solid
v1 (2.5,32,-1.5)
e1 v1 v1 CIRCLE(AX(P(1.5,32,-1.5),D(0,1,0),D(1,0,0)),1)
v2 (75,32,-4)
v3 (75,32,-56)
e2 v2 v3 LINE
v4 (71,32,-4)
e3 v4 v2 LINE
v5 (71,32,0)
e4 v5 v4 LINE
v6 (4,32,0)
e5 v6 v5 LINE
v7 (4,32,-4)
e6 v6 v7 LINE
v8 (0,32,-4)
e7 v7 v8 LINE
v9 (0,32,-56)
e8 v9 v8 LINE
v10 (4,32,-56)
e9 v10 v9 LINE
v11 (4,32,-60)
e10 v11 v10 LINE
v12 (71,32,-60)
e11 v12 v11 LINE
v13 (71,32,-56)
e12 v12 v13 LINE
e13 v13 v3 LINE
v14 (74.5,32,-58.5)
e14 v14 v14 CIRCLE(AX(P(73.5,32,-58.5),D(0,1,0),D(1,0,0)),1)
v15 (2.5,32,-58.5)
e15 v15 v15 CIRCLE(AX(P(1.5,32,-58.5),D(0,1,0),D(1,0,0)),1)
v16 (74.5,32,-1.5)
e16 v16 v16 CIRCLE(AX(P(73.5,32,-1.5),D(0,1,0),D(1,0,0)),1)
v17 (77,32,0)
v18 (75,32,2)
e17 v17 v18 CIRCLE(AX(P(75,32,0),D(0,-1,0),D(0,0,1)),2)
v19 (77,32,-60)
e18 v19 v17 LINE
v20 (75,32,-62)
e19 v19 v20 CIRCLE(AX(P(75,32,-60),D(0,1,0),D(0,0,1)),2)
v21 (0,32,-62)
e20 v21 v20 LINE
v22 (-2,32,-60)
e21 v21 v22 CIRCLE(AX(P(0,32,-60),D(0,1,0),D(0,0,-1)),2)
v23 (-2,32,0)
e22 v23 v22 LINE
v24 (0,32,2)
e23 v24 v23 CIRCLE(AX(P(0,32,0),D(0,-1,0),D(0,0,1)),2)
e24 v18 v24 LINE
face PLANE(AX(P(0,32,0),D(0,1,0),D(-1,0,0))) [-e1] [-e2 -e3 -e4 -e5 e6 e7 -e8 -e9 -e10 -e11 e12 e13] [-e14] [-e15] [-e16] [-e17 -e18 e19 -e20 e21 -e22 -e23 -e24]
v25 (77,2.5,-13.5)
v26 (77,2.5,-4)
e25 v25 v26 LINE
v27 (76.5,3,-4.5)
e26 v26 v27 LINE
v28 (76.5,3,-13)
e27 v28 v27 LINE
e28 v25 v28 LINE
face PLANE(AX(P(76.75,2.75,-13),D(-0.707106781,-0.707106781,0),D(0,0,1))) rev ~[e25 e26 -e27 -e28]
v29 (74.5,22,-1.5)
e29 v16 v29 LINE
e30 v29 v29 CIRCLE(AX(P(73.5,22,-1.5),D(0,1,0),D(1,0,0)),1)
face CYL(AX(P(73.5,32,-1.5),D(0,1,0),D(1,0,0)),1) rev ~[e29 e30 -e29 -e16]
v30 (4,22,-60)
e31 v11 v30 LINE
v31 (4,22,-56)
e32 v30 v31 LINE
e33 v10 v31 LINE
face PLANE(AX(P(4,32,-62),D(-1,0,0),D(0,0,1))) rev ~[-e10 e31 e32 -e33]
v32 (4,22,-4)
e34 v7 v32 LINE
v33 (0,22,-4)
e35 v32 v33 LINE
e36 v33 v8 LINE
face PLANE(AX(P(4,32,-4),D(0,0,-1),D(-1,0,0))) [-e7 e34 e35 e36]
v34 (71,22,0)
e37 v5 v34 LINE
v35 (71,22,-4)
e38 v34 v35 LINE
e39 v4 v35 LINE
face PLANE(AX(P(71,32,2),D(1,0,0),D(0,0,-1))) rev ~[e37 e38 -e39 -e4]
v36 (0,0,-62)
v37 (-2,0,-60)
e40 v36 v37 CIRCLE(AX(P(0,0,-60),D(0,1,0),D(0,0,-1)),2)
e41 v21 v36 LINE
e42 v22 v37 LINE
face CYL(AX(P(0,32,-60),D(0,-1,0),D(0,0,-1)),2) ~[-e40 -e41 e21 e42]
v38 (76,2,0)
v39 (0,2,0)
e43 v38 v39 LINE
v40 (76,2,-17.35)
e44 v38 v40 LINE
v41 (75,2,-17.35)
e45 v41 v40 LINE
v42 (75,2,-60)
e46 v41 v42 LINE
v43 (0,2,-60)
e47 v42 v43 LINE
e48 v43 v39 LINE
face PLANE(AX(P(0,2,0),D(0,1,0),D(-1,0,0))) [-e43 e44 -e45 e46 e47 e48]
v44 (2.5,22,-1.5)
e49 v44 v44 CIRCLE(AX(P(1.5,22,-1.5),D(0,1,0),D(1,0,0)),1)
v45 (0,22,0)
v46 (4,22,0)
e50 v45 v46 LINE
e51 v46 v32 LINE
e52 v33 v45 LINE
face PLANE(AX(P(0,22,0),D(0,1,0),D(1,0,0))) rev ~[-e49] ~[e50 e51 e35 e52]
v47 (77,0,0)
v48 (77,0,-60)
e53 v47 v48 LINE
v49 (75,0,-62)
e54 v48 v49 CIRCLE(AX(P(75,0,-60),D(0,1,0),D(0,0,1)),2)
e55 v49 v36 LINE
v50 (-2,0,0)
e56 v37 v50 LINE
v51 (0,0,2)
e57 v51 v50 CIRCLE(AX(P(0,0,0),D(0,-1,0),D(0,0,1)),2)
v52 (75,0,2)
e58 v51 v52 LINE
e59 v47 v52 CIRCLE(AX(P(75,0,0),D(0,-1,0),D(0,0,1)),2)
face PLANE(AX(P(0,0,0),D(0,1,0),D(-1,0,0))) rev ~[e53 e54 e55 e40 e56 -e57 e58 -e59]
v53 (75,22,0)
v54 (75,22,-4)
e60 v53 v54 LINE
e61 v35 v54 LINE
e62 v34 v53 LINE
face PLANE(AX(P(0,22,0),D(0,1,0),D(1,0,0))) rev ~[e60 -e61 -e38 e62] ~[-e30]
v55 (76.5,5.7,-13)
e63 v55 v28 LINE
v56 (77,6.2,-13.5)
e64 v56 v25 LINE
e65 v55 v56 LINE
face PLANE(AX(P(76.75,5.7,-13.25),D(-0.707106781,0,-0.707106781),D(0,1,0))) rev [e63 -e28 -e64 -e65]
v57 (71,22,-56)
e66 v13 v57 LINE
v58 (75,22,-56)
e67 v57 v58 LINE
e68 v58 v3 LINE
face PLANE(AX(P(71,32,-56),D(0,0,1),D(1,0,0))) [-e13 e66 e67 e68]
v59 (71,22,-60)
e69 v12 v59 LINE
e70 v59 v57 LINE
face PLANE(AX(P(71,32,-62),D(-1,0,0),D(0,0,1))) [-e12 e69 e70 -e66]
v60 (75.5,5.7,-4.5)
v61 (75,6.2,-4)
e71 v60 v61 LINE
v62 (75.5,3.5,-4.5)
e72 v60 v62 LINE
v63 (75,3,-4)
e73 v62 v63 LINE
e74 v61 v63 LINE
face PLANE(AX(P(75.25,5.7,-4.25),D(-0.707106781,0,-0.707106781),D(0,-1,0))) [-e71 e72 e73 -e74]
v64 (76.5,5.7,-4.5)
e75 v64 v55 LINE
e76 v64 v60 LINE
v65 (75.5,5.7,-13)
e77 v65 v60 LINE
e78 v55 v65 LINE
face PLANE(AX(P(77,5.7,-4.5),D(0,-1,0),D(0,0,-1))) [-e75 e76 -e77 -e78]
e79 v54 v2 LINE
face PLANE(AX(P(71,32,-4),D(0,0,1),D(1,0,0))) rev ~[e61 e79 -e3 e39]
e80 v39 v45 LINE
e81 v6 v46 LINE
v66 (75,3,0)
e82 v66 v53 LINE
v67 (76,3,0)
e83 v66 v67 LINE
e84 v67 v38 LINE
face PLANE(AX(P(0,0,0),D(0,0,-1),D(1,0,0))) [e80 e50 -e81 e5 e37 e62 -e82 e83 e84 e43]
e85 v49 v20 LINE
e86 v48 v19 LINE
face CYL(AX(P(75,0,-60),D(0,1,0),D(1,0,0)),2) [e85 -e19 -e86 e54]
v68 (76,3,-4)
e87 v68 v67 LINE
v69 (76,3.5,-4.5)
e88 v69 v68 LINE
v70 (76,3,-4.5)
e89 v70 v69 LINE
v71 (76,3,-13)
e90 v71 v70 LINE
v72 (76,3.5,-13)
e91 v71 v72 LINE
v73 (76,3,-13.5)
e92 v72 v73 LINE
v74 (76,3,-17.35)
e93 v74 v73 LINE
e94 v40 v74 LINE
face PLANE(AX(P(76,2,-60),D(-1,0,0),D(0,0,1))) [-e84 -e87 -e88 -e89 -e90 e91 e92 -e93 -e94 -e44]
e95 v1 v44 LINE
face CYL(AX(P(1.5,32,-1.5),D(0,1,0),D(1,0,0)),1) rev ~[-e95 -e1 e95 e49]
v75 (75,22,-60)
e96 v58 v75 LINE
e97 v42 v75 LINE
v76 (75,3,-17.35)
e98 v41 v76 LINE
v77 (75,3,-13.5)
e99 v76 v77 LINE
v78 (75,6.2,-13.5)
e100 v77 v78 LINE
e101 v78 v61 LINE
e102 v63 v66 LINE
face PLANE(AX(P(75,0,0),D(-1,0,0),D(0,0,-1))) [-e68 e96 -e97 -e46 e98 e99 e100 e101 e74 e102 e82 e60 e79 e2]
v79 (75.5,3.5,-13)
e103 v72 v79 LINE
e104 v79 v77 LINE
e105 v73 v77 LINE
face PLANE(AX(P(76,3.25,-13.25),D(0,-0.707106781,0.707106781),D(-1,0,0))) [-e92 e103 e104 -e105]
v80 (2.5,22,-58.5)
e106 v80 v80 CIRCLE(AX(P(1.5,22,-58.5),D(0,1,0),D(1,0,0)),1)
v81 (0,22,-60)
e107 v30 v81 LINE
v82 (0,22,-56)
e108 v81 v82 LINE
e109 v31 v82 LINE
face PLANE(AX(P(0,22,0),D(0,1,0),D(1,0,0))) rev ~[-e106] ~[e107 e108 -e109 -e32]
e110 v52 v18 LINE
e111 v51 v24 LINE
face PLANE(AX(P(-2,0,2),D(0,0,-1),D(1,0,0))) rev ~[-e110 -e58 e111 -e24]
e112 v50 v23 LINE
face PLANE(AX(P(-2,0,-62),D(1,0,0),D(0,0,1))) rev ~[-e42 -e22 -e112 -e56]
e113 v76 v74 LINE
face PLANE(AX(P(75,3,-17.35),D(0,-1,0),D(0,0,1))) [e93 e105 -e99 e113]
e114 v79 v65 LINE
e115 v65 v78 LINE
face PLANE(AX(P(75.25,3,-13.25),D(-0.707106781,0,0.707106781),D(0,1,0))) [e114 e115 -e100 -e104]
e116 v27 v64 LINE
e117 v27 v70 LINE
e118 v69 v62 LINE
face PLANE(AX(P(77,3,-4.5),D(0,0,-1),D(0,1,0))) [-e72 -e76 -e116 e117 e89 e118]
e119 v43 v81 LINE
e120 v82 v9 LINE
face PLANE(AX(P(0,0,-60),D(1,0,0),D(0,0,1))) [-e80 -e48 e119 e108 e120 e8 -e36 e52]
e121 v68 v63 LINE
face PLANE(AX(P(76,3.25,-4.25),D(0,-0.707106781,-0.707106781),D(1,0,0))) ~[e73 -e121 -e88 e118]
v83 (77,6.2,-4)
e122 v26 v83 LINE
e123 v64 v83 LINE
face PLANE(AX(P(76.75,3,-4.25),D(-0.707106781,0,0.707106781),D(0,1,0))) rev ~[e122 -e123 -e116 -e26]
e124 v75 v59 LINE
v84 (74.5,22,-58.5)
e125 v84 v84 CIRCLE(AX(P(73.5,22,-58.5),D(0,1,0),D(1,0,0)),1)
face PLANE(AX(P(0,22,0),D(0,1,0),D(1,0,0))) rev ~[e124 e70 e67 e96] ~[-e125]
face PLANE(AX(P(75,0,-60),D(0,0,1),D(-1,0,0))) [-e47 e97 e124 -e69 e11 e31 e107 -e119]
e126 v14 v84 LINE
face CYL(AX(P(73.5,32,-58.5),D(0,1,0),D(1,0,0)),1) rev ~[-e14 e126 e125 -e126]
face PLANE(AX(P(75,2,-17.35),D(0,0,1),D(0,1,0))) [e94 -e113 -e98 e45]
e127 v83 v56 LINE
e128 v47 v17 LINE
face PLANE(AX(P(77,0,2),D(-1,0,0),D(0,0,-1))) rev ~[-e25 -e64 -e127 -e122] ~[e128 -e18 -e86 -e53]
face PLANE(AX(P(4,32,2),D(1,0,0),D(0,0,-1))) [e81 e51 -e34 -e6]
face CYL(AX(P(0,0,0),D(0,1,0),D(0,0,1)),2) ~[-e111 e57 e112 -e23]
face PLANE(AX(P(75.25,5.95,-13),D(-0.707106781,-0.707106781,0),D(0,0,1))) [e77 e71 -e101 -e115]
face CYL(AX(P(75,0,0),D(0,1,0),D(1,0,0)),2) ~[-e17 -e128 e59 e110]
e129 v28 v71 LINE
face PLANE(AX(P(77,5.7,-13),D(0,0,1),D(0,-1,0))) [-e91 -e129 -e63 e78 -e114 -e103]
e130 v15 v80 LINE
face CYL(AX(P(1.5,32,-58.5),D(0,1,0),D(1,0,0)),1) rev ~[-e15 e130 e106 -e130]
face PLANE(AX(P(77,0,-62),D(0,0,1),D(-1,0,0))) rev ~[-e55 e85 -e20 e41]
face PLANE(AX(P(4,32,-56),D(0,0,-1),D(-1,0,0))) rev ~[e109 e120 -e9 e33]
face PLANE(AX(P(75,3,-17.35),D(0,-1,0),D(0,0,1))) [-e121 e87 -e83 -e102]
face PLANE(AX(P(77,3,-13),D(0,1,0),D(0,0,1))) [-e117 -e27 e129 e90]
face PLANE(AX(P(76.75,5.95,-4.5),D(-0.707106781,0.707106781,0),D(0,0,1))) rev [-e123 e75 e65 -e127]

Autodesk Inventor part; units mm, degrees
ref_plane "YZ Plane" through (0, 0, 0) normal (1, 0, 0) x (0, 1, 0)
ref_plane "XZ Plane" through (0, 0, 0) normal (0, 1, 0) x (-1, 0, 0)
ref_plane "XY Plane" through (0, 0, 0) normal (0, 0, 1) x (1, 0, 0)
sketch "Náčrt1" plane through (0, 0, 0) normal (0, 1, 0) x (-1, 0, 0)
  line L0 (0, 0) -> (-75, 0)
  line L1 (-75, 0) -> (-75, -60)
  line L2 (-75, -60) -> (0, -60)
  line L3 (0, -60) -> (0, 0)
  line L4 (2, 2) -> (-77, 2)
  line L5 (-77, 2) -> (-77, -62)
  line L6 (-77, -62) -> (2, -62)
  line L7 (2, -62) -> (2, 2)
  dimension "d0" = 60
  dimension "d1" = 75
  dimension "d2" = 2
  dimension "d3" = 2
  dimension "d4" = 2
  dimension "d5" = 2
extrude "Vysunutí1" add sketch "Náčrt1" along normal blind 2 contours L3 L2 L1 L0
extrude "Vysunutí2" add sketch "Náčrt1" along normal blind 32
sketch "Náčrt2" plane through (0, 32, 0) normal (0, 1, 0) x (1, 0, 0)
  line L0 (-2, -2) -> (4, -2)
  line L1 (4, -2) -> (4, 4)
  line L2 (4, 4) -> (-2, 4)
  line L3 (-2, 4) -> (-2, -2)
  line L4 (77, 62) -> (-2, 62) projected
  line L5 (-2, 62) -> (4, 62)
  line L6 (4, 62) -> (4, 56)
  line L7 (4, 56) -> (-2, 56)
  line L8 (-2, 56) -> (-2, 62)
  line L9 (77, -2) -> (77, 62) projected
  line L10 (77, 62) -> (71, 62)
  line L11 (71, 62) -> (71, 56)
  line L12 (71, 56) -> (77, 56)
  line L13 (77, 56) -> (77, 62)
  line L14 (77, -2) -> (71, -2)
  line L15 (71, -2) -> (71, 4)
  line L16 (71, 4) -> (77, 4)
  line L17 (77, 4) -> (77, -2)
  point P0 (0, 0)
  dimension "d10" = 6
  dimension "d11" = 6
  dimension "d12" = 6
  dimension "d13" = 6
  dimension "d14" = 6
  dimension "d15" = 6
  dimension "d16" = 6
  dimension "d17" = 6
extrude "Vysunutí3" add sketch "Náčrt2" against normal blind 10
sketch "Náčrt3" plane through (0, 32, 0) normal (0, 1, 0) x (1, 0, 0)
  circle A0 centre (1.5, 58.5) radius 1
  line L0 (77, 62) -> (-2, 62) projected
  line L1 (-2, 62) -> (-2, -2) projected
  circle A1 centre (73.5, 58.5) radius 1
  line L2 (77, -2) -> (77, 62) projected
  circle A2 centre (73.5, 1.5) radius 1
  line L3 (-2, -2) -> (77, -2) projected
  circle A3 centre (1.5, 1.5) radius 1
  point P0 (0, 0)
  dimension "d20" = 2
  dimension "d21" = 3.5
  dimension "d22" = 3.5
  dimension "d23" = 2
  dimension "d24" = 3.5
  dimension "d25" = 3.5
  dimension "d26" = 2
  dimension "d27" = 3.5
  dimension "d28" = 3.5
  dimension "d29" = 2
  dimension "d30" = 3.5
  dimension "d31" = 3.5
extrude "Vysunutí4" cut sketch "Náčrt3" against normal blind 10 contours A0 | A1 | A2 | A3
sketch "Náčrt4" plane through (77, 0, 2) normal (1, 0, 0) x (0, 0, -1)
  line L0 (2, 2) -> (2, 22) projected
  line L1 (6.5, 5.7) -> (15, 5.7)
  line L2 (15, 5.7) -> (15, 3)
  line L3 (15, 3) -> (6.5, 3)
  line L4 (6.5, 3) -> (6.5, 5.7)
  line L5 (0, 0) -> (64, 0) projected
  point P0 (2, 0)
  dimension "d36" = 3
  dimension "d37" = 4.5
  dimension "d38" = 8.5
  dimension "d39" = 2.7
extrude "Vysunutí5" cut sketch "Náčrt4" against normal blind 10
sketch "Náčrt5" plane through (75, 2, -60) normal (-1, 0, 0) x (0, 0, 1)
  line L0 (60, 0) -> (0, 0) projected
  line L1 (42.65, 1) -> (60, 1)
  line L2 (60, 1) -> (60, 0)
  line L3 (60, 0) -> (42.65, 0)
  line L4 (42.65, 0) -> (42.65, 1)
  line L5 (60, 0) -> (60, 20) projected
  point P0 (60, -2)
  point P1 (60, 0.5)
  point P2 (42.65, 0)
  dimension "d42" = 17.35
  dimension "d43" = 1
extrude "Vysunutí6" cut sketch "Náčrt5" against normal blind 1
chamfer "Zkosení1" distance 0.5 angle 45 5 edges at (75.5, 3, -13) (75.5, 3, -4.5) (75, 4.35, -4.5) (75, 4.35, -13) (75, 5.7, -8.75)
chamfer "Zkosení2" distance 0.5 angle 45 4 edges at (77, 5.7, -8.75) (77, 4.35, -4.5) (77, 3, -8.75) (77, 4.35, -13)
sketch "Náčrt6" plane through (77, 0, 2) normal (1, 0, 0) x (0, 0, -1)
  point P0 (2, 0)
fillet "Zaoblení1" radius 2 4 edges at (77, 16, 2) (77, 16, -62) (-2, 16, -62) (-2, 16, 2)
equation "\"d3\" = d2"
equation "\"d4\" = d2"
equation "\"d5\" = d2"
equation "\"d12\" = d10"
equation "\"d13\" = d10"
equation "\"d14\" = d10"
equation "\"d15\" = d10"
equation "\"d16\" = d10"
equation "\"d23\" = d20"
equation "\"d24\" = d21"
equation "\"d25\" = d21"
equation "\"d26\" = d20"
equation "\"d27\" = d21"
equation "\"d28\" = d21"
equation "\"d29\" = d20"
equation "\"d30\" = d21"
equation "\"d31\" = d21"
properties part number "BH1750-case" material "PVC potrubí"
